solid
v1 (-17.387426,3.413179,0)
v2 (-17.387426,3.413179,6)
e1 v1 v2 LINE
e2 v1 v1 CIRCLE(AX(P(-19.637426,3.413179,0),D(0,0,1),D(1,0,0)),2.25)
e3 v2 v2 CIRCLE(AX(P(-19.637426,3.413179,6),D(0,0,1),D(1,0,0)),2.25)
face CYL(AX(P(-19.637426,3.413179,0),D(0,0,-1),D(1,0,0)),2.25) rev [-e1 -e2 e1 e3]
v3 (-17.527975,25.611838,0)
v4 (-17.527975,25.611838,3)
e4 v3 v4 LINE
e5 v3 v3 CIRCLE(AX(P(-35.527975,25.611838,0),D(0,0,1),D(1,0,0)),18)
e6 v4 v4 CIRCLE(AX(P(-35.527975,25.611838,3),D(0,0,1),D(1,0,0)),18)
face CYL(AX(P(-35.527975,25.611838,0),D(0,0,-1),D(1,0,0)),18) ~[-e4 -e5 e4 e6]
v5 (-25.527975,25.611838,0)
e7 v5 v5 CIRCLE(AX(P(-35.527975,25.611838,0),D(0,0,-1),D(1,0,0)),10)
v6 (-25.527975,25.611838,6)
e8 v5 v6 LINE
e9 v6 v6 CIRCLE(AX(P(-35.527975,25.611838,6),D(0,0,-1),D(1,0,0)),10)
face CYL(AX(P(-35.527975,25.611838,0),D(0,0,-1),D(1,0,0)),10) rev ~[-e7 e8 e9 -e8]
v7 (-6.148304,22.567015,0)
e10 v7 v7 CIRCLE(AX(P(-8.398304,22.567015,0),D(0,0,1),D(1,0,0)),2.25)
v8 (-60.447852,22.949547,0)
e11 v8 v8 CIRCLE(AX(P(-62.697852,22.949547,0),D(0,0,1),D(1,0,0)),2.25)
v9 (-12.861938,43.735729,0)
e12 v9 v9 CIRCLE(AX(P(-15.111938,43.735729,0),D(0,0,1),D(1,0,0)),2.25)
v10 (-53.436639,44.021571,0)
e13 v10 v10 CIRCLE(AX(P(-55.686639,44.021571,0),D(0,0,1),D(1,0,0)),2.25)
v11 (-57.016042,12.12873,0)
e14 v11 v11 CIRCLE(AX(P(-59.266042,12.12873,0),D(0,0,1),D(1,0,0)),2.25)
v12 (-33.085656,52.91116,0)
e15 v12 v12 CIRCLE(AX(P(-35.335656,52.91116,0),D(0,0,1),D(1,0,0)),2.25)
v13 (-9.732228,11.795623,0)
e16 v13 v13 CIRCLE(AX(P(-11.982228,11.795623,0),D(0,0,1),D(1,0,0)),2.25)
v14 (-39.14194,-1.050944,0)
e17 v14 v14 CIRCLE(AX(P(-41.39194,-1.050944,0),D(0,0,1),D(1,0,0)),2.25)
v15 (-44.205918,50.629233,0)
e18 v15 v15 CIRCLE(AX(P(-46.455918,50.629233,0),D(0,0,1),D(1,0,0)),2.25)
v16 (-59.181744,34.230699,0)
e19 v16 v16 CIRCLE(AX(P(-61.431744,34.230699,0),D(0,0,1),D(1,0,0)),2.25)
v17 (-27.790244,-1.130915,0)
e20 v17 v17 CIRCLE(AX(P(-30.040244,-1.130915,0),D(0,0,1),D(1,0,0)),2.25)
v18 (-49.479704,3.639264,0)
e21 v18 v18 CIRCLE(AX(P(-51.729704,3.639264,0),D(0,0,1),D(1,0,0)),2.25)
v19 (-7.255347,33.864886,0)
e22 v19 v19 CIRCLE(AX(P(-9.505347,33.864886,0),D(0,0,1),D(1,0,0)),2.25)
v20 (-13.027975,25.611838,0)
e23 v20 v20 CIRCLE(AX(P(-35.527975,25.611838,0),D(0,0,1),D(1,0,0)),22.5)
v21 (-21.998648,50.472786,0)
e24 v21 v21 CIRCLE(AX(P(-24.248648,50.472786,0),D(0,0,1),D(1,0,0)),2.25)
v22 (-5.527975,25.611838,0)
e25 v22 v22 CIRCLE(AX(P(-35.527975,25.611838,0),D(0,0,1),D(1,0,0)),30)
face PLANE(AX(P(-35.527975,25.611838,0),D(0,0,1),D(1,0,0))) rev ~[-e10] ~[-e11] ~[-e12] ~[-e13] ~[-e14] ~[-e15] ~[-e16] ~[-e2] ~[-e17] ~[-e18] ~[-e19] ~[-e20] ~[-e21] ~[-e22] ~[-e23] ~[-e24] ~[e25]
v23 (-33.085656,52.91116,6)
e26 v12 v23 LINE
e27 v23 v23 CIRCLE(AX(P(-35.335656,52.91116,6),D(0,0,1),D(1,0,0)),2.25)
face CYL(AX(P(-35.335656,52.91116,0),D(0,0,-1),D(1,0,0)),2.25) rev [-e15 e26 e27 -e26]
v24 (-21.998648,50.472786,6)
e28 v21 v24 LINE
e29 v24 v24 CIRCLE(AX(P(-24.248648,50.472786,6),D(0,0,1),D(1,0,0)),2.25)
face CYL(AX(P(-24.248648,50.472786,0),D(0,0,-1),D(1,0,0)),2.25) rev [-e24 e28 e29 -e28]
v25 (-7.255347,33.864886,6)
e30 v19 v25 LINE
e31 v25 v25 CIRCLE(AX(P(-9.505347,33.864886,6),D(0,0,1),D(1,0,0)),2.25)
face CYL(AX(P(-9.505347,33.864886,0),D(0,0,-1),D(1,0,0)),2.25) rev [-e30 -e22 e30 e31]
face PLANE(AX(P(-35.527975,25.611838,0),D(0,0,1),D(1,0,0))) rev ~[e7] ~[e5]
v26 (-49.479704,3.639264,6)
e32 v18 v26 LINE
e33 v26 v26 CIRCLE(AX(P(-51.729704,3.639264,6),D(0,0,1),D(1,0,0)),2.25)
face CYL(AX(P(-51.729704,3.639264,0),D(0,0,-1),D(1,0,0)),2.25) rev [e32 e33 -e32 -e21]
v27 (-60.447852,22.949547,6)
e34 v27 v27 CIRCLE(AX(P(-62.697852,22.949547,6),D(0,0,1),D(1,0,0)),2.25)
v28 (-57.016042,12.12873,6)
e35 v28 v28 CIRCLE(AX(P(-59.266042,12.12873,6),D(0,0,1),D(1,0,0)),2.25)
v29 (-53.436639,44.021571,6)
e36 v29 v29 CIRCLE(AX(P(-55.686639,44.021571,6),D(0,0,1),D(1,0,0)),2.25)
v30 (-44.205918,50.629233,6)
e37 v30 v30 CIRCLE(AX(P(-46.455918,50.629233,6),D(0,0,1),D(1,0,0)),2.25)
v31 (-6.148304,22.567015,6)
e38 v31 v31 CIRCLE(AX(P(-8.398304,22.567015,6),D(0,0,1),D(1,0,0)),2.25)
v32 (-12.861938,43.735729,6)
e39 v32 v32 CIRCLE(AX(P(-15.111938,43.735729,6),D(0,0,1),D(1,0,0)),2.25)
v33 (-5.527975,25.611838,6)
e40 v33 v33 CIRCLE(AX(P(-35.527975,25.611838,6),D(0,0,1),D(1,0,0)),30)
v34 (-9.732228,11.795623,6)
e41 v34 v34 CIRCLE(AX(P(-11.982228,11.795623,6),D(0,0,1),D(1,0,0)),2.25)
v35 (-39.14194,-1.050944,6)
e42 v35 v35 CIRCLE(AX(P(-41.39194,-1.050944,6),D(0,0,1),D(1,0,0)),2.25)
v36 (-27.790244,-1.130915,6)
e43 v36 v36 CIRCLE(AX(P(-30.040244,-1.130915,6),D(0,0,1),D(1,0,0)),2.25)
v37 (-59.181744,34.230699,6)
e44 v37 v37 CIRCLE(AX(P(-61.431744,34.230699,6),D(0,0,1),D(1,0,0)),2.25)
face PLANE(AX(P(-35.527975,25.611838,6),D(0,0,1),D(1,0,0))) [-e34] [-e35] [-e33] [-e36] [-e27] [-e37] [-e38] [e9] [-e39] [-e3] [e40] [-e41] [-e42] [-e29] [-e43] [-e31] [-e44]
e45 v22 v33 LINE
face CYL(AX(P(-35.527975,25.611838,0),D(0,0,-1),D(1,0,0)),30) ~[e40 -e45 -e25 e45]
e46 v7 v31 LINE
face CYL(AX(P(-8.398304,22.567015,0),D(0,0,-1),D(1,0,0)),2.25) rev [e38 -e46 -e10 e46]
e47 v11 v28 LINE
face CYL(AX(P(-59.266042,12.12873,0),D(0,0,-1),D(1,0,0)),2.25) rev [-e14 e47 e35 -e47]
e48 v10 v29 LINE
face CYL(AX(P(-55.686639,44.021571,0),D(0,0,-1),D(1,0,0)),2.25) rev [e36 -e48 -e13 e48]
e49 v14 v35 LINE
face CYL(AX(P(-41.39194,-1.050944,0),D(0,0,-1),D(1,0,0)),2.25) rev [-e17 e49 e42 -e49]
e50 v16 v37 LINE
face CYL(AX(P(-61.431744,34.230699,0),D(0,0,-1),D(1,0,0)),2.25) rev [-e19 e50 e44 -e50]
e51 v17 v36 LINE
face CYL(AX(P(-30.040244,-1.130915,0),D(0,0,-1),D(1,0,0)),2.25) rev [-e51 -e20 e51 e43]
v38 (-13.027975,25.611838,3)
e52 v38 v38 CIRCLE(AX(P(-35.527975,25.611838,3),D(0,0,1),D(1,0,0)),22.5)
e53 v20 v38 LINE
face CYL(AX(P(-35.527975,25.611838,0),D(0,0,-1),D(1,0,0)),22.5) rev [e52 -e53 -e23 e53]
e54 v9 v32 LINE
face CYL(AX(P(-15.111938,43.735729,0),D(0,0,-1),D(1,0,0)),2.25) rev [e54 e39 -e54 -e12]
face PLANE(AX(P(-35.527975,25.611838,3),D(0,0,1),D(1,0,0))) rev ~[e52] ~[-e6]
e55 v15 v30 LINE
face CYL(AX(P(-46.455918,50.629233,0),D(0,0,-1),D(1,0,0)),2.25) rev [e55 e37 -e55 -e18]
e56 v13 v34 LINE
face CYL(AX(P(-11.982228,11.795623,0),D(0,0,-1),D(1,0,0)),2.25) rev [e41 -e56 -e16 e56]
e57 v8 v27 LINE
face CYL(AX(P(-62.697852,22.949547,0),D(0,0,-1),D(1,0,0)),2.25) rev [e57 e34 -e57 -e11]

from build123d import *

# Parameters (mm, degrees)
F0_R     = 22.5
F0_R_2   = 18
F1_DEPTH = 3
F2_R     = 30
F2_R_2   = 2.25
F3_DEPTH = 6
F4_DEPTH = 3
F5_R     = 10
F6_DEPTH = 10


with BuildPart() as f1:
    # F0 (on Top) → F1 (new body)
    with BuildSketch(Plane.XY):
        with Locations((-35.527975389, 25.6118375491)):
            Circle(F0_R)
        with Locations((-35.527975389, 25.6118375491)):
            Circle(F0_R_2, mode=Mode.SUBTRACT)
    extrude(amount=F1_DEPTH)


with BuildPart() as f3:
    # F2 (on Top) → F3 (new body)
    with BuildSketch(Plane.XY):
        with Locations((-35.527975389, 25.6118375491)):
            Circle(F2_R)
        with Locations((-51.7297042582, 3.6392641531)):
            Circle(F2_R_2, mode=Mode.SUBTRACT)
        with Locations((-41.3919404606, -1.0509438819)):
            Circle(F2_R_2, mode=Mode.SUBTRACT)
        with Locations((-59.2660419463, 12.1287297427)):
            Circle(F2_R_2, mode=Mode.SUBTRACT)
        with Locations((-62.697852273, 22.9495471623)):
            Circle(F2_R_2, mode=Mode.SUBTRACT)
        with Locations((-30.0402438296, -1.1309147837)):
            Circle(F2_R_2, mode=Mode.SUBTRACT)
        with Locations((-19.6374258397, 3.4131791432)):
            Circle(F2_R_2, mode=Mode.SUBTRACT)
        with Locations((-11.982228228, 11.7956227769)):
            Circle(F2_R_2, mode=Mode.SUBTRACT)
        with Locations((-8.3983042068, 22.5670154611)):
            Circle(F2_R_2, mode=Mode.SUBTRACT)
        with Locations((-61.4317440559, 34.230698776)):
            Circle(F2_R_2, mode=Mode.SUBTRACT)
        with Locations((-55.686638908, 44.0215709836)):
            Circle(F2_R_2, mode=Mode.SUBTRACT)
        with Locations((-46.4559177018, 50.6292330332)):
            Circle(F2_R_2, mode=Mode.SUBTRACT)
        with Locations((-9.5053467983, 33.8648855457)):
            Circle(F2_R_2, mode=Mode.SUBTRACT)
        with Locations((-35.3356559926, 52.9111601277)):
            Circle(F2_R_2, mode=Mode.SUBTRACT)
        with Locations((-24.2486480541, 50.4727863418)):
            Circle(F2_R_2, mode=Mode.SUBTRACT)
        with Locations((-15.1119382813, 43.7357286551)):
            Circle(F2_R_2, mode=Mode.SUBTRACT)
    extrude(amount=F3_DEPTH)


with BuildPart() as f4_tool:
    # F0 (on Top) → F4 (new body)
    with BuildSketch(Plane.XY):
        with Locations((-35.527975389, 25.6118375491)):
            Circle(F0_R)
        with Locations((-35.527975389, 25.6118375491)):
            Circle(F0_R_2, mode=Mode.SUBTRACT)
    extrude(amount=F4_DEPTH)


with BuildPart() as f1_1:
    add(f1.part)

    # F4: cut by f4_tool
    add(f4_tool.part, mode=Mode.SUBTRACT)


with BuildPart() as f3_1:
    add(f3.part)

    # F4: cut by f4_tool
    add(f4_tool.part, mode=Mode.SUBTRACT)

    # F5 (on face) → F6 (cut)
    with BuildSketch(Plane(origin=(0, 0, 0), x_dir=(1, 0, 0), z_dir=(0, 0, -1))):
        with Locations((-35.527975389, -25.6118375491)):
            Circle(F5_R)
    extrude(amount=-F6_DEPTH, mode=Mode.SUBTRACT)


solid = f3_1.part
